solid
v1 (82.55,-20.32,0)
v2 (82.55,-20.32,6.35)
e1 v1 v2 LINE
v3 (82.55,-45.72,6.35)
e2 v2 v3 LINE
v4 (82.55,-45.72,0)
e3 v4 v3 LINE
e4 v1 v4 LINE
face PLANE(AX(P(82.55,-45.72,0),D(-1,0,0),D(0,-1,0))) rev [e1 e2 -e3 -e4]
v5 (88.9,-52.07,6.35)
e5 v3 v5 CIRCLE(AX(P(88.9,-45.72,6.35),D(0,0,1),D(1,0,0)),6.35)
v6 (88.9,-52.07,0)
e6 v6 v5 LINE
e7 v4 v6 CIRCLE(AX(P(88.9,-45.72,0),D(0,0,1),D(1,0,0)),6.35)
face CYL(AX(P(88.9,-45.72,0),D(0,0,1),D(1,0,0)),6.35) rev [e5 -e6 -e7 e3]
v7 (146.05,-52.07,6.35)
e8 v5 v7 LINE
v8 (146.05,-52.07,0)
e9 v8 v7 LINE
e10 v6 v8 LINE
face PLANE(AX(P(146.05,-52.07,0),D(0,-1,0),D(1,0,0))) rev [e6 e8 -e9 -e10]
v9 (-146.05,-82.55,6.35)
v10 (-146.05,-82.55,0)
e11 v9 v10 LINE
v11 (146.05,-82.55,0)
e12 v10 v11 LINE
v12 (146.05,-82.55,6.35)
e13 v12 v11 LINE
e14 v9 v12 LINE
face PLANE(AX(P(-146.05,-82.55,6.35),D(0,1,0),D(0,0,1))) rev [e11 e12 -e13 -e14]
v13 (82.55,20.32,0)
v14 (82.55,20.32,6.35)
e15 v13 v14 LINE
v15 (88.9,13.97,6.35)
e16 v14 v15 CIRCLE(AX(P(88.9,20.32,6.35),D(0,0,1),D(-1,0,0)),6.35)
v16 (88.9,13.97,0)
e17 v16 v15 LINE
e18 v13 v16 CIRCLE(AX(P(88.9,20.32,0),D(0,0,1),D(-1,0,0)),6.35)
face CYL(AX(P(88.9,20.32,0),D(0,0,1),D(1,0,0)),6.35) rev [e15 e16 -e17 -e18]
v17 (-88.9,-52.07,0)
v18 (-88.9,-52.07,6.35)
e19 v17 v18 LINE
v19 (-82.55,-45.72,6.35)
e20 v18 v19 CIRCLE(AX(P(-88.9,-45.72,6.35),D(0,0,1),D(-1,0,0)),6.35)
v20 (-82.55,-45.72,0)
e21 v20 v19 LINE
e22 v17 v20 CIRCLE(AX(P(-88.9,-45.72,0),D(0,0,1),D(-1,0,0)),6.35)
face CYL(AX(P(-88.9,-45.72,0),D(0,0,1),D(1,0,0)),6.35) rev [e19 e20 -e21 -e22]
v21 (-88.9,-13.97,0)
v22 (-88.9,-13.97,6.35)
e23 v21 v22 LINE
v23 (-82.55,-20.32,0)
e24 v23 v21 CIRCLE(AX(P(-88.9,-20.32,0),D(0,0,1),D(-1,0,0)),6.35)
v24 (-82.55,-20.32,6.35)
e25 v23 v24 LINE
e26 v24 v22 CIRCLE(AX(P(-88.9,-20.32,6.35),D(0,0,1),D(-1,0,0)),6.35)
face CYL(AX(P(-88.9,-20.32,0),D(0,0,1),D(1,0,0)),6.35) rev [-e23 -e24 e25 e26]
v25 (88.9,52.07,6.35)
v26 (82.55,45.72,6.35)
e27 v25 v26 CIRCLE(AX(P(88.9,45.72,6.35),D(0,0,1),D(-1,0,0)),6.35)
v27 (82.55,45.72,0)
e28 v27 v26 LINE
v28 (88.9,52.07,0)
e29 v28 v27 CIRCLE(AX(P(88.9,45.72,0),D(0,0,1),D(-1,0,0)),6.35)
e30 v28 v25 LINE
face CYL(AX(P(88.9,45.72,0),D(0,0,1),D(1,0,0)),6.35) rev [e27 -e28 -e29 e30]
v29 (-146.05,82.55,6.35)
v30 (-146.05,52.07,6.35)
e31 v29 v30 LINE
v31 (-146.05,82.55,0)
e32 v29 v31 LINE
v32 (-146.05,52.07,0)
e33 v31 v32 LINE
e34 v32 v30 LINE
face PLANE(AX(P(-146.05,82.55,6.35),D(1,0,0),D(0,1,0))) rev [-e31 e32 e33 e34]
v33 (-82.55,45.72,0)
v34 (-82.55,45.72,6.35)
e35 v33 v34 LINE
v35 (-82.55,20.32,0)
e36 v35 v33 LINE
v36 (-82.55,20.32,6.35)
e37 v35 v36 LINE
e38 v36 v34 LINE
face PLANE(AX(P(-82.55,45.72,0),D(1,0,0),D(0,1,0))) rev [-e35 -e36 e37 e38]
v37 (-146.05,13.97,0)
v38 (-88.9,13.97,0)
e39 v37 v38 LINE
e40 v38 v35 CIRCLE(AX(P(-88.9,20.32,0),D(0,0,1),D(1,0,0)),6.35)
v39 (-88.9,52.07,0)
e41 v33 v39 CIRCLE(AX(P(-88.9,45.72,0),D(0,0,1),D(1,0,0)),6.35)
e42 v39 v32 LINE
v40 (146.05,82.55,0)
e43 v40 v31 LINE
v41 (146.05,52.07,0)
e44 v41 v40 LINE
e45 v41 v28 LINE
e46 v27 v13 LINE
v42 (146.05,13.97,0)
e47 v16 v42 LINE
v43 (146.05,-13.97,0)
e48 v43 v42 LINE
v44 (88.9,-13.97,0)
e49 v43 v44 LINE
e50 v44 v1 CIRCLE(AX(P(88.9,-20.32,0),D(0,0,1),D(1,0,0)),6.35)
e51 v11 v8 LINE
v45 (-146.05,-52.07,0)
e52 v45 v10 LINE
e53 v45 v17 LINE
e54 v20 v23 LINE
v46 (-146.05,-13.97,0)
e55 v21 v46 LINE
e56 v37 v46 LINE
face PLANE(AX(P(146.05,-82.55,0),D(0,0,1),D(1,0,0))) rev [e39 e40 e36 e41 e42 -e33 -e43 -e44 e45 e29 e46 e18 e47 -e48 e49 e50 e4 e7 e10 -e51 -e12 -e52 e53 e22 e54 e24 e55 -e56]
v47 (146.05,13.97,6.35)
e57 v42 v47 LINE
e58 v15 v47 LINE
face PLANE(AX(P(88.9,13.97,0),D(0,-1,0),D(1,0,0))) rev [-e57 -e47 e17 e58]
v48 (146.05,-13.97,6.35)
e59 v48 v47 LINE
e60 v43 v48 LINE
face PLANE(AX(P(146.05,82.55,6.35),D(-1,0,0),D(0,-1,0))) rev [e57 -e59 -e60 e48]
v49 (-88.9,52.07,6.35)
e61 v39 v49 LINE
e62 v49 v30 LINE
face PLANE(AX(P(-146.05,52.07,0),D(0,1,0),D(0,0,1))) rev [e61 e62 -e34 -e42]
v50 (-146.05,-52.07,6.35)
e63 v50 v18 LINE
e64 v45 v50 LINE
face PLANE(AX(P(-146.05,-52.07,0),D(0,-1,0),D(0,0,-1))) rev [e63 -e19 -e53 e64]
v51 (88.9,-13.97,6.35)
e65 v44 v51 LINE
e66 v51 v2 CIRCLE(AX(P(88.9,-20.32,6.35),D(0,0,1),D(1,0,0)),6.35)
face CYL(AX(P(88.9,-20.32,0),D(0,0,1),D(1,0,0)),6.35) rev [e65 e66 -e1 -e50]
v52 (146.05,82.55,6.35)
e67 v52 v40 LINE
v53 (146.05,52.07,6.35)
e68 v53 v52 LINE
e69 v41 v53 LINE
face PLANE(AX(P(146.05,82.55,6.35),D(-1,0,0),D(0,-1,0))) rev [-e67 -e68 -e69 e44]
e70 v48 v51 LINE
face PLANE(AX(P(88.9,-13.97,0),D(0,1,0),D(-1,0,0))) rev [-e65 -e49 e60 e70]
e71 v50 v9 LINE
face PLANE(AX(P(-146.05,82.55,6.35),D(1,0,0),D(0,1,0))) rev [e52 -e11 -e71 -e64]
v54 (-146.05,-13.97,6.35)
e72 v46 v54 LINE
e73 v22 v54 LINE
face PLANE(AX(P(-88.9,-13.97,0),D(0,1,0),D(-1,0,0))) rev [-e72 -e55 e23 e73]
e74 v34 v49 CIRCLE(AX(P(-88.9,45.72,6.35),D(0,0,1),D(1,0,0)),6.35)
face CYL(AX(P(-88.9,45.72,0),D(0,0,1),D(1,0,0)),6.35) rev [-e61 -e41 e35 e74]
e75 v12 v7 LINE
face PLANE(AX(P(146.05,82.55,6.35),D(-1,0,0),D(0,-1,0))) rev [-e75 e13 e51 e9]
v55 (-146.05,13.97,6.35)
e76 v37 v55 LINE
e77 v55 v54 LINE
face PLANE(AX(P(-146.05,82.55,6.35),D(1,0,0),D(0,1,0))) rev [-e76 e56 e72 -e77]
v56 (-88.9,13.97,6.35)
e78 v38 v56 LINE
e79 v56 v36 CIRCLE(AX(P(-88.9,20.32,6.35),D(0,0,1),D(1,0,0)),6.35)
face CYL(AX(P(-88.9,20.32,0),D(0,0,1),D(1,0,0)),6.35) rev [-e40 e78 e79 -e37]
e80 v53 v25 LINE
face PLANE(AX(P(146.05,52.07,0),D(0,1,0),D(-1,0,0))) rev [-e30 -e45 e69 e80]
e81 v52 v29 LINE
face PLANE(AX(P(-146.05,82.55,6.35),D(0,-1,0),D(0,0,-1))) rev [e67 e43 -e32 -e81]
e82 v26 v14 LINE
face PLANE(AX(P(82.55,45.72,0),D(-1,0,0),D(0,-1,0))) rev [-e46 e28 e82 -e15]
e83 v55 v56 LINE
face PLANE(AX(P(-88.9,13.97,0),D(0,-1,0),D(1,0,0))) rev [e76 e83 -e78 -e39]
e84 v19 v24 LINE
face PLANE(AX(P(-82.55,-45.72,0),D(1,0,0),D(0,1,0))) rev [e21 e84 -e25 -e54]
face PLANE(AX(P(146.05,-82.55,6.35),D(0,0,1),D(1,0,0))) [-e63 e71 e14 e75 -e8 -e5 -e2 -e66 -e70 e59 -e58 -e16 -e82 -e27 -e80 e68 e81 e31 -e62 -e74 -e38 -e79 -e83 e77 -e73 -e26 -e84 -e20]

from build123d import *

# Parameters (mm, degrees)
SKETCH1_W           = 292.1
SKETCH1_H           = 165.1
BOSS_EXTRUDE1_DEPTH = 6.35
CUT_EXTRUDE1_DEPTH  = 168.885161643


with BuildPart() as part:
    # Sketch1 → Boss-Extrude1 (new body)
    with BuildSketch(Plane.XY):
        Rectangle(SKETCH1_W, SKETCH1_H)
    extrude(amount=BOSS_EXTRUDE1_DEPTH)

    # Sketch2 → Cut-Extrude1 (cut, through all)
    with BuildSketch(Plane.XY.offset(6.35)):
        with BuildLine():
            Line((-146.05, 52.07), (-88.9, 52.07))
            ThreePointArc((-88.9, 52.07), (-84.409871939, 50.210128061), (-82.55, 45.72))
            Line((-82.55, 45.72), (-82.55, 20.32))
            ThreePointArc((-82.55, 20.32), (-84.409871939, 15.829871939), (-88.9, 13.97))
            Line((-88.9, 13.97), (-146.05, 13.97))
            Line((-146.05, 13.97), (-146.05, 52.07))
        make_face()
        with BuildLine():
            Line((-146.05, -13.97), (-146.05, -52.07))
            Line((-146.05, -52.07), (-88.9, -52.07))
            ThreePointArc((-88.9, -52.07), (-84.409871939, -50.210128061), (-82.55, -45.72))
            Line((-82.55, -45.72), (-82.55, -20.32))
            ThreePointArc((-82.55, -20.32), (-84.409871939, -15.829871939), (-88.9, -13.97))
            Line((-88.9, -13.97), (-146.05, -13.97))
        make_face()
        with BuildLine():
            Line((146.05, -52.07), (88.9, -52.07))
            ThreePointArc((88.9, -52.07), (84.409871939, -50.210128061), (82.55, -45.72))
            Line((82.55, -45.72), (82.55, -20.32))
            ThreePointArc((82.55, -20.32), (84.409871939, -15.829871939), (88.9, -13.97))
            Line((88.9, -13.97), (146.05, -13.97))
            Line((146.05, -13.97), (146.05, -52.07))
        make_face()
        with BuildLine():
            Line((146.05, 13.97), (146.05, 52.07))
            Line((146.05, 52.07), (88.9, 52.07))
            ThreePointArc((88.9, 52.07), (84.409871939, 50.210128061), (82.55, 45.72))
            Line((82.55, 45.72), (82.55, 20.32))
            ThreePointArc((82.55, 20.32), (84.409871939, 15.829871939), (88.9, 13.97))
            Line((88.9, 13.97), (146.05, 13.97))
        make_face()
    extrude(amount=-CUT_EXTRUDE1_DEPTH, mode=Mode.SUBTRACT)


solid = part.part
